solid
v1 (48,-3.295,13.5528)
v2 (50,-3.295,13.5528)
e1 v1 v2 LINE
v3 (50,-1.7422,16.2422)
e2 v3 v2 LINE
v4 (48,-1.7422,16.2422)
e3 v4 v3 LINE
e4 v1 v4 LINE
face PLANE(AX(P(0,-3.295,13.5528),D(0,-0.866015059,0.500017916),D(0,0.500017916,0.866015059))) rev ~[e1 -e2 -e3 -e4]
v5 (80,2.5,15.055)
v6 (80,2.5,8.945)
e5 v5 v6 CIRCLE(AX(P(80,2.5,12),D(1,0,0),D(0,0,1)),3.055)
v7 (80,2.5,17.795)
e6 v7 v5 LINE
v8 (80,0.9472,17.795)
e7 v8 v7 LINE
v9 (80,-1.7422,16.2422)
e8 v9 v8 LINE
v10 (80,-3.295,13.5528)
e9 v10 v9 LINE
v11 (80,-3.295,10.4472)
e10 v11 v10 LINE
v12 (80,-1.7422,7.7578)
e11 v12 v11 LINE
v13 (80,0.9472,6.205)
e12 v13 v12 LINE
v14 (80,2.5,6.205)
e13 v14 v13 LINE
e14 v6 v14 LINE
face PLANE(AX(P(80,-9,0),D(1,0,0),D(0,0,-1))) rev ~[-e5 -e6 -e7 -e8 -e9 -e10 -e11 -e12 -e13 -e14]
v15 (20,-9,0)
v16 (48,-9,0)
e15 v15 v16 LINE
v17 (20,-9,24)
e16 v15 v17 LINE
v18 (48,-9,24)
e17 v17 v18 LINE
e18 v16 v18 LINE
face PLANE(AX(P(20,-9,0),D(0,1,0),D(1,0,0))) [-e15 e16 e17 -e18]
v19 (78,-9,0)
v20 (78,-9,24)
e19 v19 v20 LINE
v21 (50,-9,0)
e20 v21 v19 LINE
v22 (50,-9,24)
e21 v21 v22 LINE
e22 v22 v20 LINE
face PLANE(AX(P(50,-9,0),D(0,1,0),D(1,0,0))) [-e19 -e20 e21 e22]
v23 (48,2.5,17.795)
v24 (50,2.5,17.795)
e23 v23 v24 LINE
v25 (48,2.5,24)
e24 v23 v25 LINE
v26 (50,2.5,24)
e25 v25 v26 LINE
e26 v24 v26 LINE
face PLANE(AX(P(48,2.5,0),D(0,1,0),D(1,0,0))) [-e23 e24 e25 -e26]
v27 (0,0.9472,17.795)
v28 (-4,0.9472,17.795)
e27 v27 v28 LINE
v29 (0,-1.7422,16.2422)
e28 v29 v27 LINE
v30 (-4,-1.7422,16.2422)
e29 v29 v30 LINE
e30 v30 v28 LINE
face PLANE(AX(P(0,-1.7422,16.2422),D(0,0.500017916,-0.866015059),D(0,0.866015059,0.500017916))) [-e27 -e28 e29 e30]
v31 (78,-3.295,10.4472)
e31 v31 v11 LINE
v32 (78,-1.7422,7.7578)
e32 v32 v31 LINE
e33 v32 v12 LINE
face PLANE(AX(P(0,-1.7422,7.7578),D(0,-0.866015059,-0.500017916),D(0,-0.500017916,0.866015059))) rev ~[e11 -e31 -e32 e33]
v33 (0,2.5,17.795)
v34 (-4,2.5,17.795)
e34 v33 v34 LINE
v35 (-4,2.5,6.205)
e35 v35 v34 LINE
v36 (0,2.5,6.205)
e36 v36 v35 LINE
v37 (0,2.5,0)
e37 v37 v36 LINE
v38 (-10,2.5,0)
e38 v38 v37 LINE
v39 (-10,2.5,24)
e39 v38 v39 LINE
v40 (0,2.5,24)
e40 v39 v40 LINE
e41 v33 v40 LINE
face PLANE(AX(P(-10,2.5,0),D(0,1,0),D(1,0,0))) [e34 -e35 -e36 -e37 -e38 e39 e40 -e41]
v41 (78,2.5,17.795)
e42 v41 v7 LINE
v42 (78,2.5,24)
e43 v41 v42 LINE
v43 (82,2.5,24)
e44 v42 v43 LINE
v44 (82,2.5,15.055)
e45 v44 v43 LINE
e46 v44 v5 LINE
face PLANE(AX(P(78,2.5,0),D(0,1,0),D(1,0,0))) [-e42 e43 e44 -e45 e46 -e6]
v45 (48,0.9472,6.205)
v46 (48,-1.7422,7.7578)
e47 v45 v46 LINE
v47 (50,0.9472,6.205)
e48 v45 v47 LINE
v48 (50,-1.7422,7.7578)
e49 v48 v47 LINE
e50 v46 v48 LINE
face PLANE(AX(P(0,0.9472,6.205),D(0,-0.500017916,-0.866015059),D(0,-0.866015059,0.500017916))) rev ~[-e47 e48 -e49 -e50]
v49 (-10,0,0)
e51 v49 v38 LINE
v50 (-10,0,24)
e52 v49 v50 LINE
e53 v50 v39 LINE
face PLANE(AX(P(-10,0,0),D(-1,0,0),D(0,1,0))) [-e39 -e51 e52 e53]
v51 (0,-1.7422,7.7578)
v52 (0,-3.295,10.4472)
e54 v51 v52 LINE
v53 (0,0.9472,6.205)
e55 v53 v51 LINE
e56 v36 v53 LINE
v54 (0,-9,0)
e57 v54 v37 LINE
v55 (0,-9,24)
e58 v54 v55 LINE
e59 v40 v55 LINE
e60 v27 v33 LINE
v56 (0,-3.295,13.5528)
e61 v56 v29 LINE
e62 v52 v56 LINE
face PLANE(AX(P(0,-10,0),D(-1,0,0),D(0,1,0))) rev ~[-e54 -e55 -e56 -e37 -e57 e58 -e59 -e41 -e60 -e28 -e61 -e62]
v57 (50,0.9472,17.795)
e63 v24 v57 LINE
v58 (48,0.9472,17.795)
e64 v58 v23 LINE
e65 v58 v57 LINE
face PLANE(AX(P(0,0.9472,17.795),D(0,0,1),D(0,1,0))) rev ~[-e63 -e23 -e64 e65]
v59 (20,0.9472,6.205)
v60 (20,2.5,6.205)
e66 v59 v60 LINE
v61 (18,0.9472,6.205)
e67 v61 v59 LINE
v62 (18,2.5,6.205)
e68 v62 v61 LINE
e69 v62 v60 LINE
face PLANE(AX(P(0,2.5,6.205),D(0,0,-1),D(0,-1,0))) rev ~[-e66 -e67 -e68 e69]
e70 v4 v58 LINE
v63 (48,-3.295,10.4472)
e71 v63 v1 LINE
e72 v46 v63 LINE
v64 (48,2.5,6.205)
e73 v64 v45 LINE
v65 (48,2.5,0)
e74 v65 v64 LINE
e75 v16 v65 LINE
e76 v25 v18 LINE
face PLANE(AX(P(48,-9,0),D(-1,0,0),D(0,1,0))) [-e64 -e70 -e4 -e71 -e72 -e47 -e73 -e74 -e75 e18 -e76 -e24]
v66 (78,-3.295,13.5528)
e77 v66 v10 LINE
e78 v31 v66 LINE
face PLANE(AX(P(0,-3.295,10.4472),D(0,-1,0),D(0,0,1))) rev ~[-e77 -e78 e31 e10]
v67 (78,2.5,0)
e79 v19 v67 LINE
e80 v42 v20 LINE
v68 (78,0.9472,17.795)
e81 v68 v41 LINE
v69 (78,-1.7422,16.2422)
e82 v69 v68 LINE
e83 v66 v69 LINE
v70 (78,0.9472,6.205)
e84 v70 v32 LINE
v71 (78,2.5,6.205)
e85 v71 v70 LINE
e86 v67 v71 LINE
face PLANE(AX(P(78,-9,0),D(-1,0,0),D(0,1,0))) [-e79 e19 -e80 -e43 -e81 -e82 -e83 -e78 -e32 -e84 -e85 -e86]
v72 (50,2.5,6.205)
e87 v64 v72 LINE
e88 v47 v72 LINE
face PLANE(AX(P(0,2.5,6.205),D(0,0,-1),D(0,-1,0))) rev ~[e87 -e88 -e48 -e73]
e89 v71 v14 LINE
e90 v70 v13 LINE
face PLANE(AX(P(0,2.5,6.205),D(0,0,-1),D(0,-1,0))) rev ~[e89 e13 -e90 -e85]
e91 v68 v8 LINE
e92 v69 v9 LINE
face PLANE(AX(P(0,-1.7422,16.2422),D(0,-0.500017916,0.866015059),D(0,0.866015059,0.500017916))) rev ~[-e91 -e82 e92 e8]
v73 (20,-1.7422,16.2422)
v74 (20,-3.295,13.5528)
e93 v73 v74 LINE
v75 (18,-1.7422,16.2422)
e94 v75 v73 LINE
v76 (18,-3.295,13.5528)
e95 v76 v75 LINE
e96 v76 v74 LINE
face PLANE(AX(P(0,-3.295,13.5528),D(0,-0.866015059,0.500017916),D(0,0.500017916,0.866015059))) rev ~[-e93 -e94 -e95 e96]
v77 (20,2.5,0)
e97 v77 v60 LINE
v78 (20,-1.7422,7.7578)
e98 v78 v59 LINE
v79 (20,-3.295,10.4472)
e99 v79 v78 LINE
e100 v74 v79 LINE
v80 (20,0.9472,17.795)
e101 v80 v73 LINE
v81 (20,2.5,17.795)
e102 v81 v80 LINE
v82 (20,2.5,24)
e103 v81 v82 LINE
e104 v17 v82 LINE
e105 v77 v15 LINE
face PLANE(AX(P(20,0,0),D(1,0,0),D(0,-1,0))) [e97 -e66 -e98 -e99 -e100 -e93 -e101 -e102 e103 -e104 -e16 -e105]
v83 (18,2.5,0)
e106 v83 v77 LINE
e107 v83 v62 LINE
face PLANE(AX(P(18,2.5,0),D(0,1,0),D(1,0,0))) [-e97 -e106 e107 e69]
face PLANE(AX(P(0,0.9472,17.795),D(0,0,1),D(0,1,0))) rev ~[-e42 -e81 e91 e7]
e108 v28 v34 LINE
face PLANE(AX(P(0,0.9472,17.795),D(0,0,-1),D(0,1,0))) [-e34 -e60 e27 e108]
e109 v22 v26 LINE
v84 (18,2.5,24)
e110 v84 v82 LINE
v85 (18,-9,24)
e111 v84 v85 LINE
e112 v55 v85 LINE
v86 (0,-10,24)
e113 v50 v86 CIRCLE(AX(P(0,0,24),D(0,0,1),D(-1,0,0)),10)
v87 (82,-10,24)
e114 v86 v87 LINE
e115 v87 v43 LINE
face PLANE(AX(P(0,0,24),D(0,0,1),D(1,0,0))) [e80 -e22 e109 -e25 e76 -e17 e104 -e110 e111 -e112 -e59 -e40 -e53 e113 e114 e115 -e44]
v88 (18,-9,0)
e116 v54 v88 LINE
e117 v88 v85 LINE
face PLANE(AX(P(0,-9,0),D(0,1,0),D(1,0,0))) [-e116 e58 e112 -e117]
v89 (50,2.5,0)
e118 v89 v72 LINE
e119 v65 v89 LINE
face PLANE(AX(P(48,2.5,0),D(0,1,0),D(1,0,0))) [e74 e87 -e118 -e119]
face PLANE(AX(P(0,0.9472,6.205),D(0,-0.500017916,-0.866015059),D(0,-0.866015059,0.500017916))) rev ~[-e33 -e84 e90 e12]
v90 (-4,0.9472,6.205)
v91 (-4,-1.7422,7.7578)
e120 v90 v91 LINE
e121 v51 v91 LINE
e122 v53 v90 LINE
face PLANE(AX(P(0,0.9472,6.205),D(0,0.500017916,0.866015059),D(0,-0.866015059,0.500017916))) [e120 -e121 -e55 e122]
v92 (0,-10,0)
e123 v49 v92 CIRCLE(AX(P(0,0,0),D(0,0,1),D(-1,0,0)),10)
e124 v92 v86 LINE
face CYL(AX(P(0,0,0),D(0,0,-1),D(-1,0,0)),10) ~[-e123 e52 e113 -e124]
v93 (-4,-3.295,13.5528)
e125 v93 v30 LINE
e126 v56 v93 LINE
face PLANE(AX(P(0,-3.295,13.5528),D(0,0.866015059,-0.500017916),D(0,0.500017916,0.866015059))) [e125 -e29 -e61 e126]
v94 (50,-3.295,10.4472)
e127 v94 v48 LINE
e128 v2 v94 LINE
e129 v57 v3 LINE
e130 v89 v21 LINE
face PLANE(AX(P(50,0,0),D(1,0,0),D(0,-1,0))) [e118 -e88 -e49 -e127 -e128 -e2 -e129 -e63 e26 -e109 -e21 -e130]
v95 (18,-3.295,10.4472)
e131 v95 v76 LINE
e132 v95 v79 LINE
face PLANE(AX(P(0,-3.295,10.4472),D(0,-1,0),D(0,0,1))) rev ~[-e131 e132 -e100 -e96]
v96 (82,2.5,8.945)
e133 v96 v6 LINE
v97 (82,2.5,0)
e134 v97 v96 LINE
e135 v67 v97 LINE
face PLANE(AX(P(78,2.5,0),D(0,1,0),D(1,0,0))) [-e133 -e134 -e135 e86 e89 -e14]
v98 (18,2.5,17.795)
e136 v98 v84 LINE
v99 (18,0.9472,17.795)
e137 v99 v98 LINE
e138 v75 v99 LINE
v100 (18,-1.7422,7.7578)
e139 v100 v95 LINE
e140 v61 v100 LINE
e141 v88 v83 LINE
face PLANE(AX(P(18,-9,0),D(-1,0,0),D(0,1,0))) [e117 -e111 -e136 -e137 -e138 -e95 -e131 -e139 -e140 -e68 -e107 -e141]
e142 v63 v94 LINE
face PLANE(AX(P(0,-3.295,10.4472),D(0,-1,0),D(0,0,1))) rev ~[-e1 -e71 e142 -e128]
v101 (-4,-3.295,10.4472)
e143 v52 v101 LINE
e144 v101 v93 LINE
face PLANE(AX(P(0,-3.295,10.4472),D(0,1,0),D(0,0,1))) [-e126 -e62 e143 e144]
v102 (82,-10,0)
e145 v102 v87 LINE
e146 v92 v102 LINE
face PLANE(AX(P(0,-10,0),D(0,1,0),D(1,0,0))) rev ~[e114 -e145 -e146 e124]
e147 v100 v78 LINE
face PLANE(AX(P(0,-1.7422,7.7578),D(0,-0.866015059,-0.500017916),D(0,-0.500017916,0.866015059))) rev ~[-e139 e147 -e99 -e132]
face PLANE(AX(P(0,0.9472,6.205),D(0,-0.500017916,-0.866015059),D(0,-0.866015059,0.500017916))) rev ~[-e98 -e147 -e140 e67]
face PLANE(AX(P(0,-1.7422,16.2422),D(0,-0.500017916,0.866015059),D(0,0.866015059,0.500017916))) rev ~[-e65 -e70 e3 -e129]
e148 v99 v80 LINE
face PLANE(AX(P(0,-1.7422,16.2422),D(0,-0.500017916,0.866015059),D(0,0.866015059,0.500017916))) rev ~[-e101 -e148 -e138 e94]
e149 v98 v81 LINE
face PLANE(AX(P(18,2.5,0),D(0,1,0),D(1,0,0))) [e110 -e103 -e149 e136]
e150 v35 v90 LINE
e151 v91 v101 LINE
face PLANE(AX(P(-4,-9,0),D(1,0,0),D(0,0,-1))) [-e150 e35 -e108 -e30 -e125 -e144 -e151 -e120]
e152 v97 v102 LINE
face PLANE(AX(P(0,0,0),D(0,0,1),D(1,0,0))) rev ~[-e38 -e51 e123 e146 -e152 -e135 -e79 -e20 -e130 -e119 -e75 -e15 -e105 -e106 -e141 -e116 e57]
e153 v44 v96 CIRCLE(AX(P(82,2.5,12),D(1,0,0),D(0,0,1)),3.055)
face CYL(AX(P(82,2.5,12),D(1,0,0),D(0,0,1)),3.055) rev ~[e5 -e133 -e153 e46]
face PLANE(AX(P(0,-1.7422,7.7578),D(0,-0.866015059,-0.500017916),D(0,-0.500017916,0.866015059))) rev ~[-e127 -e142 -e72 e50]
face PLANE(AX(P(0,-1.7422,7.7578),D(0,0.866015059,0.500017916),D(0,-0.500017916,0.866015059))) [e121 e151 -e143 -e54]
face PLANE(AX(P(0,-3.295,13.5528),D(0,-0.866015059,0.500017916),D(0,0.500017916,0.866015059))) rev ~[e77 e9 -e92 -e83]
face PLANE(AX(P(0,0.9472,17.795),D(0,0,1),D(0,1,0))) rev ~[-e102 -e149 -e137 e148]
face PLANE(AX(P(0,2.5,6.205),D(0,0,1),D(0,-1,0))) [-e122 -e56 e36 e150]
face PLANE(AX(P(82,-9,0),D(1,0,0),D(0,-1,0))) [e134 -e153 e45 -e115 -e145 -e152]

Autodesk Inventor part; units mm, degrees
ref_plane "YZ Plane" through (0, 0, 0) normal (1, 0, 0) x (0, 1, 0)
ref_plane "XZ Plane" through (0, 0, 0) normal (0, 1, 0) x (-1, 0, 0)
ref_plane "XY Plane" through (0, 0, 0) normal (0, 0, 1) x (1, 0, 0)
sketch "스케치1" plane through (0, 0, 0) normal (0, 0, 1) x (1, 0, 0)
  arc A0 (-10, 0) -> (0, -10) centre (0, 0) ccw
  line L0 (-30.8853, 0) -> (100.8142, 0) projected
  line L1 (0, -14.9853) -> (0, 5.4142) projected
  line L2 (-10, 0) -> (-10, 2.5)
  line L3 (-10, 2.5) -> (0, 2.5)
  dimension "d1" = 20
  dimension "d2" = 2.5
sketch "스케치2" plane through (0, 0, 0) normal (0, 0, 1) x (1, 0, 0)
  line L0 (0, -14.9853) -> (0, 5.4142) projected
  line L1 (-30.8853, 0) -> (100.8142, 0) projected
  line L2 (-10, 2.5) -> (0, 2.5) projected
  line L3 (0, 2.5) -> (0, -9)
  line L4 (0, -9) -> (18, -9)
  line L5 (18, -9) -> (18, 2.5)
  line L6 (18, 2.5) -> (20, 2.5)
  line L7 (20, 2.5) -> (20, -9)
  line L8 (20, -9) -> (48, -9)
  line L9 (48, -9) -> (48, 2.5)
  line L10 (48, 2.5) -> (50, 2.5)
  line L11 (50, 2.5) -> (50, -9)
  line L12 (50, -9) -> (78, -9)
  line L13 (78, -9) -> (78, 2.5)
  line L14 (78, 2.5) -> (82, 2.5)
  line L15 (82, 2.5) -> (82, -9)
  line L16 (82, -9) -> (82, -10)
  line L17 (0, -10) -> (82, -10)
  point P0 (0, 0)
  dimension "d3" = 11.5
  dimension "d4" = 18
  dimension "d5" = 2
  dimension "d6" = 11.5
  dimension "d7" = 28
  dimension "d8" = 2
  dimension "d9" = 11.5
  dimension "d10" = 28
  dimension "d11" = 4
  dimension "d12" = 11.5
  dimension "d13" = 1
sketch "스케치3" plane through (0, 0, 0) normal (0, 0, 1) x (1, 0, 0)
  arc A0 (-10, 0) -> (0, -10) centre (0, 0) ccw projected
  line L0 (-10, 0) -> (-10, 2.5) projected
  line L1 (-10, 2.5) -> (0, 2.5) projected
  line L2 (0, -9) -> (18, -9) projected
  line L3 (0, -10) -> (82, -10) projected
  line L4 (18, -9) -> (18, 2.5) projected
  line L5 (18, 2.5) -> (20, 2.5) projected
  line L6 (20, 2.5) -> (20, -9) projected
  line L7 (20, -9) -> (48, -9) projected
  line L8 (48, -9) -> (48, 2.5) projected
  line L9 (50, 2.5) -> (50, -9) projected
  line L10 (48, 2.5) -> (50, 2.5) projected
  line L11 (50, -9) -> (78, -9) projected
  line L12 (78, -9) -> (78, 2.5) projected
  line L13 (78, 2.5) -> (82, 2.5) projected
  line L14 (82, 2.5) -> (82, -9) projected
extrude "돌출1" add sketch "스케치2" along normal blind 24 contours L0 L4 L5 L1 L7 L8 L9 L11 L12 L13 L15 L16 L17 | L5 L6 L7 L1 | L1 L13 L14 L15 | L9 L10 L11 L1
extrude "돌출2" add sketch "스케치1" along normal blind 24
sketch "스케치4" plane through (0, -9, 0) normal (1, 0, 0) x (0, 0, -1)
  point P0 (0, 9)
sketch "스케치5" plane through (0, -9, 0) normal (1, 0, 0) x (0, 0, -1)
  line L0 (-6.205, 11.5) -> (-6.205, 9.9472)
  line L1 (-6.205, 9.9472) -> (-7.7578, 7.2578)
  line L2 (-7.7578, 7.2578) -> (-10.4472, 5.705)
  line L3 (-10.4472, 5.705) -> (-13.5528, 5.705)
  line L4 (-13.5528, 5.705) -> (-16.2422, 7.2578)
  line L5 (-16.2422, 7.2578) -> (-17.795, 9.9472)
  line L6 (-17.795, 9.9472) -> (-17.795, 11.5)
  line L7 (0, 0) -> (-24, 0) projected
  line L8 (0, 11.5) -> (-24, 11.5) projected
  point P0 (0, 9)
  point P1 (-12, 11.5)
  point P2 (-12, 0)
  point P3 (-12, 11.5)
  dimension "d18" = 11.59
extrude "돌출3" cut sketch "스케치5" against normal blind 4
sketch "스케치6" plane through (0, -9, 0) normal (1, 0, 0) x (0, 0, -1)
  line L0 (-13.5528, 5.705) -> (-16.2422, 7.2578) projected
  line L1 (-10.4472, 5.705) -> (-13.5528, 5.705) projected
  line L2 (-7.7578, 7.2578) -> (-10.4472, 5.705) projected
  line L3 (-6.205, 9.9472) -> (-7.7578, 7.2578) projected
  line L4 (-6.205, 11.5) -> (-6.205, 9.9472) projected
  line L5 (-17.795, 11.5) -> (-6.205, 11.5) projected
  line L6 (-17.795, 9.9472) -> (-17.795, 11.5) projected
  line L7 (-16.2422, 7.2578) -> (-17.795, 9.9472) projected
  point P0 (0, 9)
extrude "돌출4" cut sketch "스케치6" along normal blind 80
sketch "스케치7" plane through (82, -10, 0) normal (1, 0, 0) x (0, 0, -1)
  point P0 (0, 10)
sketch "스케치8" plane through (80, -9, 0) normal (-1, 0, 0) x (0, 0, 1)
  line L0 (6.205, 11.5) -> (17.795, 11.5) projected
  line L1 (10.4472, 5.705) -> (7.7578, 7.2578) projected
  line L2 (13.5528, 5.705) -> (10.4472, 5.705) projected
  line L3 (16.2422, 7.2578) -> (13.5528, 5.705) projected
  line L4 (17.795, 9.9472) -> (16.2422, 7.2578) projected
  line L5 (17.795, 11.5) -> (17.795, 9.9472) projected
  line L6 (6.205, 11.5) -> (17.795, 11.5) projected
  line L7 (6.205, 9.9472) -> (6.205, 11.5) projected
  line L8 (7.7578, 7.2578) -> (6.205, 9.9472) projected
  point P0 (0, 9)
sketch "스케치9" plane through (82, -10, 0) normal (1, 0, 0) x (0, 0, -1)
  arc A0 (-15.055, 12.5) -> (-8.945, 12.5) centre (-12, 12.5) ccw
  line L0 (0, 12.5) -> (-24, 12.5) projected
  point P0 (0, 10)
extrude "돌출5" cut sketch "스케치9" against normal up to surface (2 mm away)
properties part number "Support"
